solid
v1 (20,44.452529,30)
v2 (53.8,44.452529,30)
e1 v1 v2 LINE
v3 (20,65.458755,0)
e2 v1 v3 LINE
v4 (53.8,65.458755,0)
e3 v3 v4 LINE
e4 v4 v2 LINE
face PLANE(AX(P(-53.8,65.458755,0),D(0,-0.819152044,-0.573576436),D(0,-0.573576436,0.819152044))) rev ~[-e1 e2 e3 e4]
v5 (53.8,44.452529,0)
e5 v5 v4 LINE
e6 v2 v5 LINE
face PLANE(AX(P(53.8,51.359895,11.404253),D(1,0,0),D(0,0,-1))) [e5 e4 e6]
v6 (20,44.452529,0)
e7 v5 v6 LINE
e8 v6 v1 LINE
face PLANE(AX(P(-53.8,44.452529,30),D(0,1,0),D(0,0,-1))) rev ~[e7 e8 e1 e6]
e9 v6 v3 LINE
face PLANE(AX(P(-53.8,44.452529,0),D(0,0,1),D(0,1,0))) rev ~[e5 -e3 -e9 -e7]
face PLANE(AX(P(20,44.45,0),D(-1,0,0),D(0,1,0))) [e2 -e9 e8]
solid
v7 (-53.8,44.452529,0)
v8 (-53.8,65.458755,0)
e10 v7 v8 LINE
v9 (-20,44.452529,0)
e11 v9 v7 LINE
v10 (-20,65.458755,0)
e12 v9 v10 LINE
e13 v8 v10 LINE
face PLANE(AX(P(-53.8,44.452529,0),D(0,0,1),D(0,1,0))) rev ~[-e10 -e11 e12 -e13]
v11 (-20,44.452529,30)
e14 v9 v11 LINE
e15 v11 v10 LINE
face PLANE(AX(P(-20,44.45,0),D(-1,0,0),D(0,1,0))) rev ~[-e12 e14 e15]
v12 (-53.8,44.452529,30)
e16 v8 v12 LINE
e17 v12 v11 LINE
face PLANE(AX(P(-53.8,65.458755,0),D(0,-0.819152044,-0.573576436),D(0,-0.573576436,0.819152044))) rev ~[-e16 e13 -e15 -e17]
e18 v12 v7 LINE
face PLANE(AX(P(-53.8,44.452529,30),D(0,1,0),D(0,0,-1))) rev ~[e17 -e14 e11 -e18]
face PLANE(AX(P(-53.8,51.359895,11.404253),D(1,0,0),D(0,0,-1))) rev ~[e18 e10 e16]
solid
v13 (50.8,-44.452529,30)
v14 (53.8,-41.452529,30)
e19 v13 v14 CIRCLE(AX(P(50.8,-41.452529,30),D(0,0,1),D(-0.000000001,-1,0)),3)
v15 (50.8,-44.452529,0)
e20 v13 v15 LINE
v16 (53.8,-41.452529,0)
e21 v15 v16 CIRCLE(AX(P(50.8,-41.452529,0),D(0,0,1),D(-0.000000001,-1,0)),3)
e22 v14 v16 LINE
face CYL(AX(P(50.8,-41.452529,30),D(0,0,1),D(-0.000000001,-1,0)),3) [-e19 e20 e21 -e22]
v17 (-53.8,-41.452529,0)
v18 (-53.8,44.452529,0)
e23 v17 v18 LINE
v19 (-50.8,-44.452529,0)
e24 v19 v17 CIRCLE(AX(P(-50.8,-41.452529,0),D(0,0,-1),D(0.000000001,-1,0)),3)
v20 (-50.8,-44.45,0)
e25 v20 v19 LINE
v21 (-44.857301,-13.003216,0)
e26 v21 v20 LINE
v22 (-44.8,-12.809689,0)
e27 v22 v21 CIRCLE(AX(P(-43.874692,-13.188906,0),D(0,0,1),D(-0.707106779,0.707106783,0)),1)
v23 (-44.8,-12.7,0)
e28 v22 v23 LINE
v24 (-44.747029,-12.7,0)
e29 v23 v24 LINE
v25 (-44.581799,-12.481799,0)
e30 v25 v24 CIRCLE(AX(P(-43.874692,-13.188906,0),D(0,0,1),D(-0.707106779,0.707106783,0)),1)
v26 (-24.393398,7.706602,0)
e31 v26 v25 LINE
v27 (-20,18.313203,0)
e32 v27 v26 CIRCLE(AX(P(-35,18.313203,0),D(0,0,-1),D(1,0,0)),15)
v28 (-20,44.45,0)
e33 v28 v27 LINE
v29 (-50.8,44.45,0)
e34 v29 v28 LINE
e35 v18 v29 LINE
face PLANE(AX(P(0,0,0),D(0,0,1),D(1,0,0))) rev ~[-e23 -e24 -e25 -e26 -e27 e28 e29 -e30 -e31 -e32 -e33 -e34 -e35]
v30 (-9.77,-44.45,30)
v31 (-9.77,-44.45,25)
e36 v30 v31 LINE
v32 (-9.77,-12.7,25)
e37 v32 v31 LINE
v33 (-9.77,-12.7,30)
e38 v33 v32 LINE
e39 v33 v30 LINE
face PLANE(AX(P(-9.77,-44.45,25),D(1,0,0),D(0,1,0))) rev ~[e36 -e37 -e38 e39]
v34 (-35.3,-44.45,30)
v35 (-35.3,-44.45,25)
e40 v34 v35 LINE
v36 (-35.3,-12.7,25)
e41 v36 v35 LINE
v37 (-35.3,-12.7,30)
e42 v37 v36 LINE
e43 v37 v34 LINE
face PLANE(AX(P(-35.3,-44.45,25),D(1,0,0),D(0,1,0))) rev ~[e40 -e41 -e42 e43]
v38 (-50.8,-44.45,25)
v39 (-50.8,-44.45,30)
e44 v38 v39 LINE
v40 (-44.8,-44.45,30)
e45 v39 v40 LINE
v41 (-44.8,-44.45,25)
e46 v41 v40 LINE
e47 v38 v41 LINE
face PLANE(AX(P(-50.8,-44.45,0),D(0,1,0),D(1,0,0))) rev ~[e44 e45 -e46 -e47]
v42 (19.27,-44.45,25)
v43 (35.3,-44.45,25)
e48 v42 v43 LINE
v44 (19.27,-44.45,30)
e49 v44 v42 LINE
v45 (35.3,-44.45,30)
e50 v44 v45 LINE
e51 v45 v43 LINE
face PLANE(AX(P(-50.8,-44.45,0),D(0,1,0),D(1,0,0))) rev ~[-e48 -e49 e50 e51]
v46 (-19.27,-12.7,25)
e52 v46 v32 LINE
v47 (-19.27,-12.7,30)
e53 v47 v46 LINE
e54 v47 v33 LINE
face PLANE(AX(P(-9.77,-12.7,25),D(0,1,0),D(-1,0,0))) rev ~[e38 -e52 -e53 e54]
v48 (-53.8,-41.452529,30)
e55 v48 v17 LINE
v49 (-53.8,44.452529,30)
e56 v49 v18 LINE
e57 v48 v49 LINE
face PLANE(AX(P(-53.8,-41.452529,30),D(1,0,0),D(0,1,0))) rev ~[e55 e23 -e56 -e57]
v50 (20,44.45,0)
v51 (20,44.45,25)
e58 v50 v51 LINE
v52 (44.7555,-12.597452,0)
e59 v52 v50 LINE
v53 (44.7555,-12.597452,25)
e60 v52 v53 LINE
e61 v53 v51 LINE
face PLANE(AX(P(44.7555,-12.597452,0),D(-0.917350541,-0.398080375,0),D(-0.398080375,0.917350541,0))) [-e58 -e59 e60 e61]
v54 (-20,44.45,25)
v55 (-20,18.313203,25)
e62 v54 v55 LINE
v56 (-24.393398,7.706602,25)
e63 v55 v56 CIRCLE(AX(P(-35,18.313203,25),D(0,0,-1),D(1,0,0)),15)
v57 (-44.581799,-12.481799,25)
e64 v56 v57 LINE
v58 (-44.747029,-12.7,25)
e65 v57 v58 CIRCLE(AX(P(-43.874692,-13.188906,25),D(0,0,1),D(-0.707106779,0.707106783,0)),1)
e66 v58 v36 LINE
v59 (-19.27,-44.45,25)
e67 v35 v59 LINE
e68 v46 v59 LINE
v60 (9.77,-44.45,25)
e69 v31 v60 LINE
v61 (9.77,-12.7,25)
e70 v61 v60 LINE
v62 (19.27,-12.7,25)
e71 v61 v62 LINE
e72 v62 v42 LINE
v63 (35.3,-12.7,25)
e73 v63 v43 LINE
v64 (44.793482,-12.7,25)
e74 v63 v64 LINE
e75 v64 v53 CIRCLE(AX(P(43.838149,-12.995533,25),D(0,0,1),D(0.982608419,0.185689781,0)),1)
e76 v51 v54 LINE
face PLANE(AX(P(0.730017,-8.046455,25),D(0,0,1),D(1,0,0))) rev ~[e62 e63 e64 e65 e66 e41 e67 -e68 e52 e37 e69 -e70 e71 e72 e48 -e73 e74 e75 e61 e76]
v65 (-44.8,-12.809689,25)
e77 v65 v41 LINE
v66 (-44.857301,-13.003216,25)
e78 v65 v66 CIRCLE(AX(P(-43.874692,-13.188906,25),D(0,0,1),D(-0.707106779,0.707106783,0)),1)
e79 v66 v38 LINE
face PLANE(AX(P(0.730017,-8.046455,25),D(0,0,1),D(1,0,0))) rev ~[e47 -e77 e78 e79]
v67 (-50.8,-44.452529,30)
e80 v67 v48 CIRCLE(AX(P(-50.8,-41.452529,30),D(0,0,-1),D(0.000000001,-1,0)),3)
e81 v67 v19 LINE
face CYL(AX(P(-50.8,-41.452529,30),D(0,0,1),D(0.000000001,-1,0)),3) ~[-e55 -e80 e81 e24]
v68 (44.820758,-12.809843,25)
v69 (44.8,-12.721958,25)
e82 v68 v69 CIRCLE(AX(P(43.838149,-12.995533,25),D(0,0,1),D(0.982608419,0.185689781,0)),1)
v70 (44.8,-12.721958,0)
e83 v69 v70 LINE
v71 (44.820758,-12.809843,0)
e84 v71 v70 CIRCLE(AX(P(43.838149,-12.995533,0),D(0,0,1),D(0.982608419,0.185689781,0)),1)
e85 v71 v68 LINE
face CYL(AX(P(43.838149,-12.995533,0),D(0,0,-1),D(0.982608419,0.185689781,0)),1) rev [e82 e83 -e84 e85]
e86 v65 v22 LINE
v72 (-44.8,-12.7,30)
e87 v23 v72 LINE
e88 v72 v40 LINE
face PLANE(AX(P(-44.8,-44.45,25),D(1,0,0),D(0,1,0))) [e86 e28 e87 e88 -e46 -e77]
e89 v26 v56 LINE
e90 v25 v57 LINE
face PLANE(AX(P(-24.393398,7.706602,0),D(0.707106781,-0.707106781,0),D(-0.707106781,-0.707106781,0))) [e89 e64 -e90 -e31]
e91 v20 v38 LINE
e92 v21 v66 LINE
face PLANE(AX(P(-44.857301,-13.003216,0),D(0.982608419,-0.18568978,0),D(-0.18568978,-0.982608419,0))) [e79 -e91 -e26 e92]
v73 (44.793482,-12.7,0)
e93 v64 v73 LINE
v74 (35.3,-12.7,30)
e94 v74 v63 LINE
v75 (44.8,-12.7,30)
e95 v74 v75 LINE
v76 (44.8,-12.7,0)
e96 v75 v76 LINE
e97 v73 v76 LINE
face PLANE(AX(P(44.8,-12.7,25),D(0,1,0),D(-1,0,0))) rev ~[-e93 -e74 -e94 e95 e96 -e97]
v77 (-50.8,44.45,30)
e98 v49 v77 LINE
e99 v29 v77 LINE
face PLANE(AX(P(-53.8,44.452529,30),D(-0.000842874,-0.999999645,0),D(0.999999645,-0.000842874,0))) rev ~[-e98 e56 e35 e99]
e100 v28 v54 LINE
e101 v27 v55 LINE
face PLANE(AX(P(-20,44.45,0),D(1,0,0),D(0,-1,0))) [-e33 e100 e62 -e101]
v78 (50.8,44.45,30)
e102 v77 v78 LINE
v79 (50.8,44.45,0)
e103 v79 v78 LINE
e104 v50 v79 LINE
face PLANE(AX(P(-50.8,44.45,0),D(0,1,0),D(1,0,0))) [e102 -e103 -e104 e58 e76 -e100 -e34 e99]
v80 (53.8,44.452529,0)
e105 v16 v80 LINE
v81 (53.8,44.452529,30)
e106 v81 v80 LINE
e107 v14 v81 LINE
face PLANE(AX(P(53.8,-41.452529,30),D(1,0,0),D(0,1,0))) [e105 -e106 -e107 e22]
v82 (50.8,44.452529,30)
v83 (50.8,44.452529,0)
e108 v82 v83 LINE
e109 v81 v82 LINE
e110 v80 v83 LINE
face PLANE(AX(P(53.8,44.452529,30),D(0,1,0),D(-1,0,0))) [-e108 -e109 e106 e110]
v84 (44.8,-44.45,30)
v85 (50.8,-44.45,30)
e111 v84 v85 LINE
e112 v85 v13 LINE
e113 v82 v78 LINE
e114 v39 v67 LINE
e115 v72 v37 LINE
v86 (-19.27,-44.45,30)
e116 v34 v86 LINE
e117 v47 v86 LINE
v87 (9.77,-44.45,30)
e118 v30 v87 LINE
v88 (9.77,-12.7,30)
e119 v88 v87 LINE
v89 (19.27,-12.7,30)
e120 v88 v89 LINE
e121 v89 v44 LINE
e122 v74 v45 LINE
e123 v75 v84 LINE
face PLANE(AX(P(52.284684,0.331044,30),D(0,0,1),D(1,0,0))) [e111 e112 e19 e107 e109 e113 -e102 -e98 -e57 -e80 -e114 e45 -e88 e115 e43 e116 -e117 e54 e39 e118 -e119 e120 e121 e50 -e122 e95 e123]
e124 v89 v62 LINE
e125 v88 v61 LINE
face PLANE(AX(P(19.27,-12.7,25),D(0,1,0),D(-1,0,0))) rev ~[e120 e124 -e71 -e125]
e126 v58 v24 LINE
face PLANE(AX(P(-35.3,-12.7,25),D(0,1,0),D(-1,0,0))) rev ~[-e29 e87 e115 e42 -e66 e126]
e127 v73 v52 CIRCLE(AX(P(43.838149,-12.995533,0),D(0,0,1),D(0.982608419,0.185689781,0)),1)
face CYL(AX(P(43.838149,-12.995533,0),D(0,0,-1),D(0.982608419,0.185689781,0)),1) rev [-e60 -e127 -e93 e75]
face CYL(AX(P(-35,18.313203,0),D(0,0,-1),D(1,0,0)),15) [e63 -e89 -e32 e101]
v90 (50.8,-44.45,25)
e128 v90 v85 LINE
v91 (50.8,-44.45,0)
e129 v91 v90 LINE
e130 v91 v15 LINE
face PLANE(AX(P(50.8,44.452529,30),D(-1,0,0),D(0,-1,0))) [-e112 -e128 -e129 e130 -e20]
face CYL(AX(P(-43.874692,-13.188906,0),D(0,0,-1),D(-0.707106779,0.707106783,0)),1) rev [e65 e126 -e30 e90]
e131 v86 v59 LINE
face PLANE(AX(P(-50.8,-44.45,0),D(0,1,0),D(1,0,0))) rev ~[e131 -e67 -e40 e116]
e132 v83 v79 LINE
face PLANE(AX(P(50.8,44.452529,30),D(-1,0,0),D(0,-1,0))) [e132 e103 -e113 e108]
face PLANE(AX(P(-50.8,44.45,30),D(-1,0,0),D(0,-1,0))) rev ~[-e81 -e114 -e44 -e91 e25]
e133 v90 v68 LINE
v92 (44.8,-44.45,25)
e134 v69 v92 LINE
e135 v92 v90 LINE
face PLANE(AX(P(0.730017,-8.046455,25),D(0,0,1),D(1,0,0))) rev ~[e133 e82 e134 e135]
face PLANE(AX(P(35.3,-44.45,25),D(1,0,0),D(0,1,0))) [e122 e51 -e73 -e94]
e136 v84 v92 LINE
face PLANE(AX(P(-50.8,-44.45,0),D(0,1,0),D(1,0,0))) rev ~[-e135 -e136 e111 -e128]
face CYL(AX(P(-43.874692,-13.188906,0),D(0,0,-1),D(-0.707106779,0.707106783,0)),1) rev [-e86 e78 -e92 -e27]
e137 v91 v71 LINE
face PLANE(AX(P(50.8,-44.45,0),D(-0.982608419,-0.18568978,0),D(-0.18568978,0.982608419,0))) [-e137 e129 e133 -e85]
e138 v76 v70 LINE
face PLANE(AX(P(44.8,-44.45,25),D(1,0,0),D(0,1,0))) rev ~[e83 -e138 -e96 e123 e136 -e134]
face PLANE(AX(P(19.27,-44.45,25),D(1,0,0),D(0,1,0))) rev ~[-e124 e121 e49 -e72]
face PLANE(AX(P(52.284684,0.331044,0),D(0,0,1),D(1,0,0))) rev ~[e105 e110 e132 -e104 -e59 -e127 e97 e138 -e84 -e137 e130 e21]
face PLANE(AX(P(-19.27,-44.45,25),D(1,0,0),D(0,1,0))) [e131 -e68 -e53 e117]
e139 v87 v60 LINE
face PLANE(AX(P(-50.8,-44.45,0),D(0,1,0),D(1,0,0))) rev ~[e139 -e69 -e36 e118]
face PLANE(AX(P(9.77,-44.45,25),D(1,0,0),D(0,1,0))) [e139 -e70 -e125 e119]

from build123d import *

# Parameters (mm, degrees)
SKETCH4_W                = 101.6
SKETCH4_H                = 88.9
BOSS_EXTRUDE3_DEPTH      = 30
SKETCH7_W                = 9.5
SKETCH7_H                = 31.75
CUT_EXTRUDE5_DEPTH       = 72.982237392
CUT_EXTRUDE5_DEPTH_BACK  = 72.982237392
CUT_EXTRUDE6_DEPTH       = 74.86773653
CUT_EXTRUDE6_DEPTH_BACK  = 25
BOSS_EXTRUDE4_DEPTH      = 30
BOSS_EXTRUDE6_DEPTH      = 107.6
SKETCH11_W               = 40
SKETCH11_H               = 21.008754769
CUT_EXTRUDE10_DEPTH      = 90.884862885
CUT_EXTRUDE10_DEPTH_BACK = 90.884862885


with BuildPart() as part:
    # Sketch4 → Boss-Extrude3 (new body)
    with BuildSketch(Plane.XY):
        Rectangle(SKETCH4_W, SKETCH4_H)
    extrude(amount=BOSS_EXTRUDE3_DEPTH)

    # Sketch7 → Cut-Extrude5 (cut, two sides)
    with BuildSketch(Plane(origin=(0, 0, 25), x_dir=(-1, 0, 0), z_dir=(0, 0, -1))) as cut_extrude5_sk:
        with Locations((40.05, -28.575)):
            Rectangle(SKETCH7_W, SKETCH7_H)
        with Locations((-40.05, -28.575)):
            Rectangle(SKETCH7_W, SKETCH7_H)
        with Locations((-14.52, -28.575)):
            Rectangle(SKETCH7_W, SKETCH7_H)
        with Locations((14.52, -28.575)):
            Rectangle(SKETCH7_W, SKETCH7_H)
    extrude(amount=CUT_EXTRUDE5_DEPTH, mode=Mode.SUBTRACT)
    extrude(cut_extrude5_sk.sketch, amount=-CUT_EXTRUDE5_DEPTH_BACK, mode=Mode.SUBTRACT)

    # Sketch8 → Cut-Extrude6 (cut, two sides)
    with BuildSketch(Plane(origin=(0, 0, 0), x_dir=(-1, 0, 0), z_dir=(0, 0, -1))) as cut_extrude6_sk:
        with BuildLine():
            Line((-50.8, -44.45), (-44.820757692, -12.809842787))
            ThreePointArc((-44.820757692, -12.809842787), (-44.794045948, -12.701829407), (-44.755499814, -12.597452192))
            Line((-44.755499814, -12.597452192), (-20, 44.45))
            Line((-20, 44.45), (20, 44.45))
            Line((20, 44.45), (20, 18.313203436))
            ThreePointArc((20, 18.313203436), (21.141807012, 12.57295195), (24.393398282, 7.706601718))
            Line((24.393398282, 7.706601718), (44.581799029, -12.481799029))
            ThreePointArc((44.581799029, -12.481799029), (44.758860381, -12.721736983), (44.857300667, -13.00321603))
            Line((44.857300667, -13.00321603), (50.8, -44.45))
            Line((50.8, -44.45), (-50.8, -44.45))
        make_face()
    extrude(amount=CUT_EXTRUDE6_DEPTH, mode=Mode.SUBTRACT)
    extrude(cut_extrude6_sk.sketch, amount=-CUT_EXTRUDE6_DEPTH_BACK, mode=Mode.SUBTRACT)

    # Sketch9 → Boss-Extrude4 (add)
    with BuildSketch(Plane.XY.offset(30)):
        with BuildLine():
            Line((53.8, -41.452528622), (53.8, 44.452528622))
            Line((53.8, 44.452528622), (50.8, 44.452528622))
            Line((50.8, 44.452528622), (50.8, -44.452528622))
            ThreePointArc((50.8, -44.452528622), (52.921320344, -43.573848966), (53.8, -41.452528622))
        make_face()
        with BuildLine():
            Line((-53.8, -41.452528622), (-53.8, 44.452528622))
            Line((-53.8, 44.452528622), (-50.8, 44.45))
            Line((-50.8, 44.45), (-50.8, -44.452528622))
            ThreePointArc((-50.8, -44.452528622), (-52.921320344, -43.573848966), (-53.8, -41.452528622))
        make_face()
    extrude(amount=-BOSS_EXTRUDE4_DEPTH)


with BuildPart() as body_2:
    # Sketch10 → Boss-Extrude6 (new body)
    with BuildSketch(Plane.ZY.offset(53.8)):
        Polygon((0, 44.452528622), (0, 65.458754769), (30, 44.452528622), align=None)
    extrude(amount=-BOSS_EXTRUDE6_DEPTH)

    # Sketch11 → Cut-Extrude10 (cut, two sides)
    with BuildSketch(Plane(origin=(0, 0, 0), x_dir=(-1, 0, 0), z_dir=(0, 0, -1))) as cut_extrude10_sk:
        with Locations((0, 54.954377385)):
            Rectangle(SKETCH11_W, SKETCH11_H)
    extrude(amount=CUT_EXTRUDE10_DEPTH, mode=Mode.SUBTRACT)
    extrude(cut_extrude10_sk.sketch, amount=-CUT_EXTRUDE10_DEPTH_BACK, mode=Mode.SUBTRACT)


with BuildPart() as cut_extrude10_piece_1:
    # of the separate pieces the step leaves, piece 1, a body of its own (cut_extrude10_pieces)
    add(body_2.part.solids().sort_by_distance((20, 65.458754769, 0))[0])


with BuildPart() as cut_extrude10_piece_2:
    # of the separate pieces the step leaves, piece 2, a body of its own (cut_extrude10_pieces)
    add(body_2.part.solids().sort_by_distance((-53.8, 44.452528622, 0))[0])


solid = Compound([part.part, cut_extrude10_piece_1.part, cut_extrude10_piece_2.part])
